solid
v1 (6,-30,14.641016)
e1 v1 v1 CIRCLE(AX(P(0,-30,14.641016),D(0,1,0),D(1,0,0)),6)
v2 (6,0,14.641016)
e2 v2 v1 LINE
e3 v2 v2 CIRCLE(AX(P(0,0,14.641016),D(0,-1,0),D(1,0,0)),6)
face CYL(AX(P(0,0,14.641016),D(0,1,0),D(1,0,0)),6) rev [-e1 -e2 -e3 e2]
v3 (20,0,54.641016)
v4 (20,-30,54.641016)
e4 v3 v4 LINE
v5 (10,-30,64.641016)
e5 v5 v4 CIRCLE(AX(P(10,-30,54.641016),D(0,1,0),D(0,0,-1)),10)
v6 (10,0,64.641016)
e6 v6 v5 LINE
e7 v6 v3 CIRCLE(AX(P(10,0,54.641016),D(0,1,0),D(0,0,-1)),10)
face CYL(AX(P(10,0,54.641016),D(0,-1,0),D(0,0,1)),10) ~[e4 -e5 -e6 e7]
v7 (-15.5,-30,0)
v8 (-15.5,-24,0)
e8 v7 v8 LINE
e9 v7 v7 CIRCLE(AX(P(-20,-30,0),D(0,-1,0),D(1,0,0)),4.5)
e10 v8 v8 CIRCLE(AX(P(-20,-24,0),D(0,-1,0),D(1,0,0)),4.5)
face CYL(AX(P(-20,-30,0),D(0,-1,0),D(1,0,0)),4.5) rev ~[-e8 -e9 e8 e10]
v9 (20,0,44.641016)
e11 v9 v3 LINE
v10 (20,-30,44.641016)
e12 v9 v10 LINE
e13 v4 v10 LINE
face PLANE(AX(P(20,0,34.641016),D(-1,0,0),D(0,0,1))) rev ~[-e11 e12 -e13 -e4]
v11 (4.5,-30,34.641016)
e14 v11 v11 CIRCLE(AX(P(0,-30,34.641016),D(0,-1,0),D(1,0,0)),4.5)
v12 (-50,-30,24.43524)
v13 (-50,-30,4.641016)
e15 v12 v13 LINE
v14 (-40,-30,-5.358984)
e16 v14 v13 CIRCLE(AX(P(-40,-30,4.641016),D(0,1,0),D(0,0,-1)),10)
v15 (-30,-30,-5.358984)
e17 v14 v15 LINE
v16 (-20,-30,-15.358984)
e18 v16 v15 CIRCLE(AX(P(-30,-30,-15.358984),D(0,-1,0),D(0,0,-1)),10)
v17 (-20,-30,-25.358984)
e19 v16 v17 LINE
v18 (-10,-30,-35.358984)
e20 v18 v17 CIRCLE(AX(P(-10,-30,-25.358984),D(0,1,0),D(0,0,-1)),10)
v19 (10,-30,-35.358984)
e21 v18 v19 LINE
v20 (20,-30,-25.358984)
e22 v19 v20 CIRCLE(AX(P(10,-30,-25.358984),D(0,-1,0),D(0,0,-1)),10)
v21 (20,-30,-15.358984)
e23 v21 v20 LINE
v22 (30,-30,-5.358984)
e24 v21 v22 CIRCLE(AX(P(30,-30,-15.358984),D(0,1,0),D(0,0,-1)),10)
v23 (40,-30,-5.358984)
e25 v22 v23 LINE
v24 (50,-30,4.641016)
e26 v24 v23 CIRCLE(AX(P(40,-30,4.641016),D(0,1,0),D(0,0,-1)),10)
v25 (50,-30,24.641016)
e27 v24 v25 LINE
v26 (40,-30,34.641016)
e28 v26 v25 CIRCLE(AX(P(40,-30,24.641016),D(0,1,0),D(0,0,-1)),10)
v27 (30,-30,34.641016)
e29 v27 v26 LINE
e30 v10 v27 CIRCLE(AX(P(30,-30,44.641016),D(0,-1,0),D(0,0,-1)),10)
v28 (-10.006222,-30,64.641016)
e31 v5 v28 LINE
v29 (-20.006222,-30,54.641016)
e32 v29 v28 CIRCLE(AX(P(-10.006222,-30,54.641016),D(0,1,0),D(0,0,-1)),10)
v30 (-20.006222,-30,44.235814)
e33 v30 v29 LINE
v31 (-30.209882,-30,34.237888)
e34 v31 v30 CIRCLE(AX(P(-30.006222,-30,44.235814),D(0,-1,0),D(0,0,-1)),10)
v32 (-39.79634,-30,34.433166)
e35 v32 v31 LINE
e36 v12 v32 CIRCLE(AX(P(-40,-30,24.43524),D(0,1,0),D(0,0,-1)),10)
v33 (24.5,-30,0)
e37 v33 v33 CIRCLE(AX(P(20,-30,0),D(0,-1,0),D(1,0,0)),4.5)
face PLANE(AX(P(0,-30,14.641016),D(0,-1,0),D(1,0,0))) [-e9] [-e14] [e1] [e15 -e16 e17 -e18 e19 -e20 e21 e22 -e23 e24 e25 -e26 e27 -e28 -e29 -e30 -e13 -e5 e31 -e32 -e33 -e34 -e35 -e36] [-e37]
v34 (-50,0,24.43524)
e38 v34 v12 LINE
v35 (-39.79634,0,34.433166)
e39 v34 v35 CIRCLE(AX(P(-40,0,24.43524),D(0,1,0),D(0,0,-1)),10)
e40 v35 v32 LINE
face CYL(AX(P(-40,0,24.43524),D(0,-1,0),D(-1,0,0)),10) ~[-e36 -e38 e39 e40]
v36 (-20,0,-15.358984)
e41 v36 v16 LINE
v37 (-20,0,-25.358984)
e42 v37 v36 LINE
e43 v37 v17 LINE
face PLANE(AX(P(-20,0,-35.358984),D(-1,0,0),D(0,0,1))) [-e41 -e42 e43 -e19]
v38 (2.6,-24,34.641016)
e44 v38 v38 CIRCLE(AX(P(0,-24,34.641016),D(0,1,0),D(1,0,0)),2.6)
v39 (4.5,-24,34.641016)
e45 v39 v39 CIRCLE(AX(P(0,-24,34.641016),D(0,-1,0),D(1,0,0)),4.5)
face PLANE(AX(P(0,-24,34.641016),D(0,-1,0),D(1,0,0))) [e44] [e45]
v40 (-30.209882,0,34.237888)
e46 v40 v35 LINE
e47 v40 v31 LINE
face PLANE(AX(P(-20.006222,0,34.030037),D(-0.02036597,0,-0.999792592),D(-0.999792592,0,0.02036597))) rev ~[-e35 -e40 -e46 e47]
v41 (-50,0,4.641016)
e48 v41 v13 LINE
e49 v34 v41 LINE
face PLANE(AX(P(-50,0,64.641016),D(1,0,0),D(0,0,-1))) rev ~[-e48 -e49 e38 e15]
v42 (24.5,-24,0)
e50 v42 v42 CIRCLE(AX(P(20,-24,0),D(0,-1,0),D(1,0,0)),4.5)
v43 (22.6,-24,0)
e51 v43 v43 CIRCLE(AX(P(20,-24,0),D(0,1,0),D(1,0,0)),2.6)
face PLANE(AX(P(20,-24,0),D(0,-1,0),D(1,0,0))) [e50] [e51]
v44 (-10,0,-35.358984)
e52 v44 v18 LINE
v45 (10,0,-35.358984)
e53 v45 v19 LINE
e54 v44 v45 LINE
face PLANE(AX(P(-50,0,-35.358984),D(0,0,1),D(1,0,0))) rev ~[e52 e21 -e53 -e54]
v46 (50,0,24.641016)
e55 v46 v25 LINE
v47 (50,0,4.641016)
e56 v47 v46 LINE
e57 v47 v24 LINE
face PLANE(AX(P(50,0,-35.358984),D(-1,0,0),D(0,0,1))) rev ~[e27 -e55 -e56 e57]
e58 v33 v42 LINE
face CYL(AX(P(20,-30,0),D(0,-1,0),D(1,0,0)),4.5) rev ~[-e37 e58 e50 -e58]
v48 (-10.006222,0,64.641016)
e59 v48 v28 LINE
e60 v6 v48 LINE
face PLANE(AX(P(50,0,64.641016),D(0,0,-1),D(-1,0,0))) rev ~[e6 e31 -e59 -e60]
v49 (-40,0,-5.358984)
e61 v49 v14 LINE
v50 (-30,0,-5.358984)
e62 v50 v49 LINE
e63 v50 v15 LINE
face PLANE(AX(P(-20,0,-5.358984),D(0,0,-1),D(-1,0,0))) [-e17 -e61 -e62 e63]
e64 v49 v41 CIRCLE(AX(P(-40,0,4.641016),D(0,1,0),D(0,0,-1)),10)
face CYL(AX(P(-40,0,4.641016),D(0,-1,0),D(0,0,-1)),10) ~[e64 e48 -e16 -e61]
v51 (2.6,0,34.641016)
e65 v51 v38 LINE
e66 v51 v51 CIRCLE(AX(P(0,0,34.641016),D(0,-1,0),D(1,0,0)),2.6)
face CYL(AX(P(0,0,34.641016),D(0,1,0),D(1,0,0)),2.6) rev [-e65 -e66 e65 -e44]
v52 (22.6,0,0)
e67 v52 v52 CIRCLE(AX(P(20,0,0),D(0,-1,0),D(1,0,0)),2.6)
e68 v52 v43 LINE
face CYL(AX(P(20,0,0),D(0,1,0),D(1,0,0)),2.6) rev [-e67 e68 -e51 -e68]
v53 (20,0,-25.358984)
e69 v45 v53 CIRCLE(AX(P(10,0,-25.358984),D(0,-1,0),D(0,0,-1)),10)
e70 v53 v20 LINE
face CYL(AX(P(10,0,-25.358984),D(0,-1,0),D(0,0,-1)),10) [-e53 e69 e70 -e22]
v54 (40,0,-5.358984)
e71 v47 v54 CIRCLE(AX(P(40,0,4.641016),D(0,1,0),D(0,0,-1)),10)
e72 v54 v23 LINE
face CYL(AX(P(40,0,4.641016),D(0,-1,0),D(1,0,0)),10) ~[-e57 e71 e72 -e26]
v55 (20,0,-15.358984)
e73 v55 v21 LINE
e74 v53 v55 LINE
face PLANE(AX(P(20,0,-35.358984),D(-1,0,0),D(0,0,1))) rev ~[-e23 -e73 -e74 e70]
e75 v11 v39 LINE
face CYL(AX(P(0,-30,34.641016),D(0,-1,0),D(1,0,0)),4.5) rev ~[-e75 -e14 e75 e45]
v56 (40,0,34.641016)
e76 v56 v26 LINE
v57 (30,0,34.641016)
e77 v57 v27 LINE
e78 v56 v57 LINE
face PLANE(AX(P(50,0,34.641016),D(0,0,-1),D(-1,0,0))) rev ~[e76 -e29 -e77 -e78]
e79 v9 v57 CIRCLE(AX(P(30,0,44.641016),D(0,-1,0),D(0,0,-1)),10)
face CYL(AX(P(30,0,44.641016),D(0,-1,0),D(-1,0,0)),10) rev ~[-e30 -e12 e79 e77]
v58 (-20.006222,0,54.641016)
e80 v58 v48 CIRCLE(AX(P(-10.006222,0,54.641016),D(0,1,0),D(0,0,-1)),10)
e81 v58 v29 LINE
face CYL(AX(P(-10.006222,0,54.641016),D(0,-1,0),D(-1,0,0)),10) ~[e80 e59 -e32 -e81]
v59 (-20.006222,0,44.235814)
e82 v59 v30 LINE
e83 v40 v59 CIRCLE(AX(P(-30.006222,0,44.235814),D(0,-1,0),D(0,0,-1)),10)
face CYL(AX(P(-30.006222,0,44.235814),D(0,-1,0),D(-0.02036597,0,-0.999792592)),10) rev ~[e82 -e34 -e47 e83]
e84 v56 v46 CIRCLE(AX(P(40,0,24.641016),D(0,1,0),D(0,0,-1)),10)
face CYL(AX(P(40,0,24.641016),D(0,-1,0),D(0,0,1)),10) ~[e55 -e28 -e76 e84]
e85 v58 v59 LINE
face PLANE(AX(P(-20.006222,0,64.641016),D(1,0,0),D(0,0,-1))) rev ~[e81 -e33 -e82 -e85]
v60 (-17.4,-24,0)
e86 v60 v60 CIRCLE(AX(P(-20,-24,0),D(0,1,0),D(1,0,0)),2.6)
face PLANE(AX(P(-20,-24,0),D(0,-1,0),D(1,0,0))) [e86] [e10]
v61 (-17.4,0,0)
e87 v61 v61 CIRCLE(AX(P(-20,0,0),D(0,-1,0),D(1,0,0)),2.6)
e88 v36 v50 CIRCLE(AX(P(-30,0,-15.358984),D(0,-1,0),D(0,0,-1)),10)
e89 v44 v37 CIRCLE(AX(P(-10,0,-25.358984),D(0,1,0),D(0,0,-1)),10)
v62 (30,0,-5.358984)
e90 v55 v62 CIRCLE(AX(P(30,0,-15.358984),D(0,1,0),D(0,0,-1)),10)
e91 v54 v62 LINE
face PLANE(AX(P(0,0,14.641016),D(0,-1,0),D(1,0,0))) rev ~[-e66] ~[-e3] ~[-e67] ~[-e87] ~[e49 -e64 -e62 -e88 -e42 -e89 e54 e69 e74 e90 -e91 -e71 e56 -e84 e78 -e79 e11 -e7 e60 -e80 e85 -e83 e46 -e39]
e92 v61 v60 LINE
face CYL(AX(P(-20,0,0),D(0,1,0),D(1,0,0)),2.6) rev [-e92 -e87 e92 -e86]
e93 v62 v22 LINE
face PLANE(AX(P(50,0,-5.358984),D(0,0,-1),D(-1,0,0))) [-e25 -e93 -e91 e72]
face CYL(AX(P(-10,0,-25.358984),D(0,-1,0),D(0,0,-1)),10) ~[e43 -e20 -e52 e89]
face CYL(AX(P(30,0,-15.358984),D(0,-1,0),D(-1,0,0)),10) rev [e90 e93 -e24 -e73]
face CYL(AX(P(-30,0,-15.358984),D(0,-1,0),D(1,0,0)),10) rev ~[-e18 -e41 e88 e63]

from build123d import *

# Parameters (mm, degrees)
F2_DEPTH = 30
F0_R     = 2.6
F0_R_2   = 6
F3_DEPTH = 50
F4_R     = 4.5
F5_DEPTH = 6
F6_W     = 30
F6_H     = 30
F7_DEPTH = 50
F8_R     = 10


with BuildPart() as f2:
    # F1 (on Front) → F2 (new body)
    with BuildSketch(Plane.XZ):
        Polygon((-50, 4.6410161514), (-50, -35.3589838486), (50, -35.3589838486), (50, 4.6410161514), (50, 24.6410161514), (50, 64.6410161514), (-50, 64.6410161514), (-50, 24.6410161514), align=None)
    extrude(amount=F2_DEPTH)

    # F0 (on Front) → F3 (cut)
    with BuildSketch(Plane.XZ):
        with Locations((0, 34.6410161514)):
            Circle(F0_R)
        with Locations((-20, 0)):
            Circle(F0_R)
        with Locations((20, 0)):
            Circle(F0_R)
        with Locations((0, 14.6410161514)):
            Circle(F0_R_2)
    extrude(amount=F3_DEPTH, mode=Mode.SUBTRACT)

    # F4 (on face) → F5 (cut)
    with BuildSketch(Plane.XZ.offset(30)):
        with Locations((0, 34.6410161514)):
            Circle(F4_R)
        with Locations((20, 0)):
            Circle(F4_R)
        with Locations((-20, 0)):
            Circle(F4_R)
    extrude(amount=-F5_DEPTH, mode=Mode.SUBTRACT)

    # F6 (on face) → F7 (cut)
    with BuildSketch(Plane(origin=(0, 0, 0), x_dir=(-1, 0, 0), z_dir=(0, 1, 0))):
        with Locations((-35, 49.6410161514)):
            Rectangle(F6_W, F6_H)
        with Locations((-35, -20.3589838486)):
            Rectangle(F6_W, F6_H)
        with Locations((35, -20.3589838486)):
            Rectangle(F6_W, F6_H)
        Polygon((50, 64.6410161514), (20.0062222363, 64.6410161514), (20.0062222363, 34.0300370508), (50, 34.6410161514), align=None)
    extrude(amount=-F7_DEPTH, mode=Mode.SUBTRACT)

    # F8
    f8_edges = [f2.edges().sort_by_distance(p)[0] for p in [
        (-20.006222, -15, 64.641016),
        (-20.006222, -15, 34.030037),
        (-50, -15, 34.641016),
        (-50, -15, -5.358984),
        (-20, -15, -5.358984),
        (-20, -15, -35.358984),
        (20, -15, -35.358984),
        (20, -15, -5.358984),
        (50, -15, -5.358984),
        (20, -15, 64.641016),
        (20, -15, 34.641016),
        (50, -15, 34.641016),
    ]]
    fillet(f8_edges, radius=F8_R)


solid = f2.part
